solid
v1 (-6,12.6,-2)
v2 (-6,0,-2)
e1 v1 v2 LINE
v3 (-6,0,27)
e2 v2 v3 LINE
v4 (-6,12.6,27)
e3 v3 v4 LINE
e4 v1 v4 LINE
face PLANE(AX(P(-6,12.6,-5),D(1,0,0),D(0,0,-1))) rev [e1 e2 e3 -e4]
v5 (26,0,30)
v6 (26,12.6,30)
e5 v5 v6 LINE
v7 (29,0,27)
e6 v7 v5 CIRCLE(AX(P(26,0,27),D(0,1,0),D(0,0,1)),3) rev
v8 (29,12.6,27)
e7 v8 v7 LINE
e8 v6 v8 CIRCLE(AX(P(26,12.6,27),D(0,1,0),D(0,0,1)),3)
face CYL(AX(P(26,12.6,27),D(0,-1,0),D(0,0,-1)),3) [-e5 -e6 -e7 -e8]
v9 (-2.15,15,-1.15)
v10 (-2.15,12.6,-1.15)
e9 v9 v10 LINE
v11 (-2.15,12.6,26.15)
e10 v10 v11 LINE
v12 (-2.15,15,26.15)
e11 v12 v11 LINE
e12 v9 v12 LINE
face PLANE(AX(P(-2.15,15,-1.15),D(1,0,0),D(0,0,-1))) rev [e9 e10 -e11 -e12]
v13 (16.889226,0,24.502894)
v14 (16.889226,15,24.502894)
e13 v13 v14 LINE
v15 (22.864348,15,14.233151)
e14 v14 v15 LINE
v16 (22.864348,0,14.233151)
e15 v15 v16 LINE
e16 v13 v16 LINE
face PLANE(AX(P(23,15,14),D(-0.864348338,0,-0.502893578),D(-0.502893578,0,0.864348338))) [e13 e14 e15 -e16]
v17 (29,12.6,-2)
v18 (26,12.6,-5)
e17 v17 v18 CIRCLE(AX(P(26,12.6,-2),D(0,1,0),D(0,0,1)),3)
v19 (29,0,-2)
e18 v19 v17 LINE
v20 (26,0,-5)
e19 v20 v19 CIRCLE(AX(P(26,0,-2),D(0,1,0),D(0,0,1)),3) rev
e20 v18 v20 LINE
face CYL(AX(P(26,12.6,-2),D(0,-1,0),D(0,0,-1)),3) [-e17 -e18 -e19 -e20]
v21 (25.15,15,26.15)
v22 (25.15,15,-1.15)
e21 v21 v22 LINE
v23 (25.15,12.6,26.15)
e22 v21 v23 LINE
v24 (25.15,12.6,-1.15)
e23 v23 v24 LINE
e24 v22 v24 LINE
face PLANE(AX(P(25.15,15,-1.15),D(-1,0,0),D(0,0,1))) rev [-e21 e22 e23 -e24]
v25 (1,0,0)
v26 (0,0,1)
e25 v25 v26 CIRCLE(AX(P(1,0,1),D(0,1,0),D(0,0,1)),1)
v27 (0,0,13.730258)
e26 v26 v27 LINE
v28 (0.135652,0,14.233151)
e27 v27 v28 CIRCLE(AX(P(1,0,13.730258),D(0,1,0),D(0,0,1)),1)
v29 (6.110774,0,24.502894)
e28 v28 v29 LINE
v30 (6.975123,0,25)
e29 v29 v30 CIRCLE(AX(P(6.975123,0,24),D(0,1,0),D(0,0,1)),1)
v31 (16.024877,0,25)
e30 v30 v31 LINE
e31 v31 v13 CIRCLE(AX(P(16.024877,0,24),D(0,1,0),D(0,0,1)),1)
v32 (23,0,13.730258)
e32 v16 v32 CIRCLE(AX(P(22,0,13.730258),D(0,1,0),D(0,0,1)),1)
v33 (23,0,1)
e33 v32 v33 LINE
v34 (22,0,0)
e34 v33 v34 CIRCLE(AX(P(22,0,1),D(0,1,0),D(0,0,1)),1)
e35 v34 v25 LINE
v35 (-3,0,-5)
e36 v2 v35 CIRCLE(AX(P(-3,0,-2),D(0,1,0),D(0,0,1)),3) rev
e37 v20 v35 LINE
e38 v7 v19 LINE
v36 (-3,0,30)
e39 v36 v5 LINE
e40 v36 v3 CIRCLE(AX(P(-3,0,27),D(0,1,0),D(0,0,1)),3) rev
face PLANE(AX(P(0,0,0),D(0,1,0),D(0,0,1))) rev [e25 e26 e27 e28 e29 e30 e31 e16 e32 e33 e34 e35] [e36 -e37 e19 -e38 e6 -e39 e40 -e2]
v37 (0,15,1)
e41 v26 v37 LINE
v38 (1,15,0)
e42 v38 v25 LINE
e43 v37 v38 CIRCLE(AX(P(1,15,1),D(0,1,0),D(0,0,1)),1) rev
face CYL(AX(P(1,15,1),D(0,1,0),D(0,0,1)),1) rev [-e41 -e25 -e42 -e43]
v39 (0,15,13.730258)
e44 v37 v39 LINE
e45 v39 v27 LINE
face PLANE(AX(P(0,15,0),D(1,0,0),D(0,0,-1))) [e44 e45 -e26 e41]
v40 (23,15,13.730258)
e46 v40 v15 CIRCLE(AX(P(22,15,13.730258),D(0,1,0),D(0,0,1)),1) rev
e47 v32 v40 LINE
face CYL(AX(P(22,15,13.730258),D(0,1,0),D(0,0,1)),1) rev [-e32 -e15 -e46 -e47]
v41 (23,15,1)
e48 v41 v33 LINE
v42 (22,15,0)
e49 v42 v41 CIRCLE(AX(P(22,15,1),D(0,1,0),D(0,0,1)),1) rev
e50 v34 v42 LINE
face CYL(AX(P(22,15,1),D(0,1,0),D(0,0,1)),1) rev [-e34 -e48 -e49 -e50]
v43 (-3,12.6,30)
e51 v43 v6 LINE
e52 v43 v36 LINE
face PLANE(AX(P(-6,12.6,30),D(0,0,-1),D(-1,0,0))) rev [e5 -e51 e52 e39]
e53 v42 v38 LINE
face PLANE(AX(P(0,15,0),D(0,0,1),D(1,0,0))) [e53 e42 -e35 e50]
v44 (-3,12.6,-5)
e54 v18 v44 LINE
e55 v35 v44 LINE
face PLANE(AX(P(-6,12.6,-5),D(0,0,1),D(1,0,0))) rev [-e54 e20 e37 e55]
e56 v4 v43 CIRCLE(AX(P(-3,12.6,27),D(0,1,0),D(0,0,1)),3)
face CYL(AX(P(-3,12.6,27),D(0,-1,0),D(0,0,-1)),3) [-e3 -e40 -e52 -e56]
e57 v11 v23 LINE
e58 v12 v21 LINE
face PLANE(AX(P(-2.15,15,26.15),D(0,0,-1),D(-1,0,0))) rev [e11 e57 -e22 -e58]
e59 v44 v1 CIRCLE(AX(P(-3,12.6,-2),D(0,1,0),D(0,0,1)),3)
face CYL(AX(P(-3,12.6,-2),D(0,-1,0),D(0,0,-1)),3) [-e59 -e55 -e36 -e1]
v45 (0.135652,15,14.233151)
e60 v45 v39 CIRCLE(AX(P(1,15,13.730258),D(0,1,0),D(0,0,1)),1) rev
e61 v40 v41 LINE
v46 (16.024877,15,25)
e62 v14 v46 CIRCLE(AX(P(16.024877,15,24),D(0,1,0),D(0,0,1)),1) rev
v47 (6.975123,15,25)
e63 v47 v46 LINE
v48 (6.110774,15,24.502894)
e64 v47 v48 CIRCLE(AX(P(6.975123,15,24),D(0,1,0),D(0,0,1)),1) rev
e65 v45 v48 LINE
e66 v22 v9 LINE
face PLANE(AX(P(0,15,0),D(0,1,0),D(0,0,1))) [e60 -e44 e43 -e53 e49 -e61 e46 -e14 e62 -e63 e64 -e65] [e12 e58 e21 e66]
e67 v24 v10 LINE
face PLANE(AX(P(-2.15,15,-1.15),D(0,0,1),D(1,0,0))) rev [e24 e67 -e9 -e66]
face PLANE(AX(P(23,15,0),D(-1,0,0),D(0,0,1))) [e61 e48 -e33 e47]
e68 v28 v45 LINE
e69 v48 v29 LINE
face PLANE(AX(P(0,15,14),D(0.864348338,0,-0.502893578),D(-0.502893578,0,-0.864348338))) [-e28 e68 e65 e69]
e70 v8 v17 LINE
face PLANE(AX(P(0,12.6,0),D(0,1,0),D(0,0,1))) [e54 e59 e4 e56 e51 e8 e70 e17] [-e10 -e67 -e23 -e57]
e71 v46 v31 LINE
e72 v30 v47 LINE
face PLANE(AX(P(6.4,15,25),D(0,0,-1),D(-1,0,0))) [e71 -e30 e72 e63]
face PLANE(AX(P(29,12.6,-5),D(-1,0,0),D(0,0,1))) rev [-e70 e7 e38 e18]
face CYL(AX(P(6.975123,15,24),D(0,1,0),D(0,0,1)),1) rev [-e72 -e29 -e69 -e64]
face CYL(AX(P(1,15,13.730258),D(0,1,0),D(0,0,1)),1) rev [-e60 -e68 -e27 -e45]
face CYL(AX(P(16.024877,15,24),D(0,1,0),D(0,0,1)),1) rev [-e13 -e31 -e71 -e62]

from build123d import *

# Parameters (mm, degrees)
SKETCH1_W           = 27.3
SKETCH1_H           = 27.3
BOSS_EXTRUDE1_DEPTH = 15
SKETCH3_W           = 35
SKETCH3_H           = 35
SKETCH3_W_2         = 27.3
SKETCH3_H_2         = 27.3
BOSS_EXTRUDE2_DEPTH = 12.6
FILLET1_R           = 1
FILLET3_R           = 3


with BuildPart() as part:
    # Sketch1 → Boss-Extrude1 (new body)
    with BuildSketch(Plane(origin=(0, 0, 0), x_dir=(1, 0, 0), z_dir=(0, 1, 0))):
        with Locations((11.5, -12.5)):
            Rectangle(SKETCH1_W, SKETCH1_H)
        Polygon((0, 0), (23, 0), (23, -14), (16.6, -25), (6.4, -25), (0, -14), align=None, mode=Mode.SUBTRACT)
    extrude(amount=BOSS_EXTRUDE1_DEPTH)

    # Sketch3 → Boss-Extrude2 (add)
    with BuildSketch(Plane(origin=(0, 0, 0), x_dir=(1, 0, 0), z_dir=(0, 1, 0))):
        with Locations((11.5, -12.5)):
            Rectangle(SKETCH3_W, SKETCH3_H)
        with Locations((11.5, -12.5)):
            Rectangle(SKETCH3_W_2, SKETCH3_H_2, mode=Mode.SUBTRACT)
    extrude(amount=BOSS_EXTRUDE2_DEPTH)

    # Fillet1
    fillet1_edges = [part.edges().sort_by_distance(p)[0] for p in [
        (0, 7.5, 0),
        (0, 7.5, 14),
        (6.4, 7.5, 25),
        (16.6, 7.5, 25),
        (23, 7.5, 14),
        (23, 7.5, 0),
    ]]
    fillet(fillet1_edges, radius=FILLET1_R)

    # Fillet3
    fillet3_edges = [part.edges().sort_by_distance(p)[0] for p in [
        (29, 6.3, 30),
        (29, 6.3, -5),
        (-6, 6.3, -5),
        (-6, 6.3, 30),
    ]]
    fillet(fillet3_edges, radius=FILLET3_R)


solid = part.part
